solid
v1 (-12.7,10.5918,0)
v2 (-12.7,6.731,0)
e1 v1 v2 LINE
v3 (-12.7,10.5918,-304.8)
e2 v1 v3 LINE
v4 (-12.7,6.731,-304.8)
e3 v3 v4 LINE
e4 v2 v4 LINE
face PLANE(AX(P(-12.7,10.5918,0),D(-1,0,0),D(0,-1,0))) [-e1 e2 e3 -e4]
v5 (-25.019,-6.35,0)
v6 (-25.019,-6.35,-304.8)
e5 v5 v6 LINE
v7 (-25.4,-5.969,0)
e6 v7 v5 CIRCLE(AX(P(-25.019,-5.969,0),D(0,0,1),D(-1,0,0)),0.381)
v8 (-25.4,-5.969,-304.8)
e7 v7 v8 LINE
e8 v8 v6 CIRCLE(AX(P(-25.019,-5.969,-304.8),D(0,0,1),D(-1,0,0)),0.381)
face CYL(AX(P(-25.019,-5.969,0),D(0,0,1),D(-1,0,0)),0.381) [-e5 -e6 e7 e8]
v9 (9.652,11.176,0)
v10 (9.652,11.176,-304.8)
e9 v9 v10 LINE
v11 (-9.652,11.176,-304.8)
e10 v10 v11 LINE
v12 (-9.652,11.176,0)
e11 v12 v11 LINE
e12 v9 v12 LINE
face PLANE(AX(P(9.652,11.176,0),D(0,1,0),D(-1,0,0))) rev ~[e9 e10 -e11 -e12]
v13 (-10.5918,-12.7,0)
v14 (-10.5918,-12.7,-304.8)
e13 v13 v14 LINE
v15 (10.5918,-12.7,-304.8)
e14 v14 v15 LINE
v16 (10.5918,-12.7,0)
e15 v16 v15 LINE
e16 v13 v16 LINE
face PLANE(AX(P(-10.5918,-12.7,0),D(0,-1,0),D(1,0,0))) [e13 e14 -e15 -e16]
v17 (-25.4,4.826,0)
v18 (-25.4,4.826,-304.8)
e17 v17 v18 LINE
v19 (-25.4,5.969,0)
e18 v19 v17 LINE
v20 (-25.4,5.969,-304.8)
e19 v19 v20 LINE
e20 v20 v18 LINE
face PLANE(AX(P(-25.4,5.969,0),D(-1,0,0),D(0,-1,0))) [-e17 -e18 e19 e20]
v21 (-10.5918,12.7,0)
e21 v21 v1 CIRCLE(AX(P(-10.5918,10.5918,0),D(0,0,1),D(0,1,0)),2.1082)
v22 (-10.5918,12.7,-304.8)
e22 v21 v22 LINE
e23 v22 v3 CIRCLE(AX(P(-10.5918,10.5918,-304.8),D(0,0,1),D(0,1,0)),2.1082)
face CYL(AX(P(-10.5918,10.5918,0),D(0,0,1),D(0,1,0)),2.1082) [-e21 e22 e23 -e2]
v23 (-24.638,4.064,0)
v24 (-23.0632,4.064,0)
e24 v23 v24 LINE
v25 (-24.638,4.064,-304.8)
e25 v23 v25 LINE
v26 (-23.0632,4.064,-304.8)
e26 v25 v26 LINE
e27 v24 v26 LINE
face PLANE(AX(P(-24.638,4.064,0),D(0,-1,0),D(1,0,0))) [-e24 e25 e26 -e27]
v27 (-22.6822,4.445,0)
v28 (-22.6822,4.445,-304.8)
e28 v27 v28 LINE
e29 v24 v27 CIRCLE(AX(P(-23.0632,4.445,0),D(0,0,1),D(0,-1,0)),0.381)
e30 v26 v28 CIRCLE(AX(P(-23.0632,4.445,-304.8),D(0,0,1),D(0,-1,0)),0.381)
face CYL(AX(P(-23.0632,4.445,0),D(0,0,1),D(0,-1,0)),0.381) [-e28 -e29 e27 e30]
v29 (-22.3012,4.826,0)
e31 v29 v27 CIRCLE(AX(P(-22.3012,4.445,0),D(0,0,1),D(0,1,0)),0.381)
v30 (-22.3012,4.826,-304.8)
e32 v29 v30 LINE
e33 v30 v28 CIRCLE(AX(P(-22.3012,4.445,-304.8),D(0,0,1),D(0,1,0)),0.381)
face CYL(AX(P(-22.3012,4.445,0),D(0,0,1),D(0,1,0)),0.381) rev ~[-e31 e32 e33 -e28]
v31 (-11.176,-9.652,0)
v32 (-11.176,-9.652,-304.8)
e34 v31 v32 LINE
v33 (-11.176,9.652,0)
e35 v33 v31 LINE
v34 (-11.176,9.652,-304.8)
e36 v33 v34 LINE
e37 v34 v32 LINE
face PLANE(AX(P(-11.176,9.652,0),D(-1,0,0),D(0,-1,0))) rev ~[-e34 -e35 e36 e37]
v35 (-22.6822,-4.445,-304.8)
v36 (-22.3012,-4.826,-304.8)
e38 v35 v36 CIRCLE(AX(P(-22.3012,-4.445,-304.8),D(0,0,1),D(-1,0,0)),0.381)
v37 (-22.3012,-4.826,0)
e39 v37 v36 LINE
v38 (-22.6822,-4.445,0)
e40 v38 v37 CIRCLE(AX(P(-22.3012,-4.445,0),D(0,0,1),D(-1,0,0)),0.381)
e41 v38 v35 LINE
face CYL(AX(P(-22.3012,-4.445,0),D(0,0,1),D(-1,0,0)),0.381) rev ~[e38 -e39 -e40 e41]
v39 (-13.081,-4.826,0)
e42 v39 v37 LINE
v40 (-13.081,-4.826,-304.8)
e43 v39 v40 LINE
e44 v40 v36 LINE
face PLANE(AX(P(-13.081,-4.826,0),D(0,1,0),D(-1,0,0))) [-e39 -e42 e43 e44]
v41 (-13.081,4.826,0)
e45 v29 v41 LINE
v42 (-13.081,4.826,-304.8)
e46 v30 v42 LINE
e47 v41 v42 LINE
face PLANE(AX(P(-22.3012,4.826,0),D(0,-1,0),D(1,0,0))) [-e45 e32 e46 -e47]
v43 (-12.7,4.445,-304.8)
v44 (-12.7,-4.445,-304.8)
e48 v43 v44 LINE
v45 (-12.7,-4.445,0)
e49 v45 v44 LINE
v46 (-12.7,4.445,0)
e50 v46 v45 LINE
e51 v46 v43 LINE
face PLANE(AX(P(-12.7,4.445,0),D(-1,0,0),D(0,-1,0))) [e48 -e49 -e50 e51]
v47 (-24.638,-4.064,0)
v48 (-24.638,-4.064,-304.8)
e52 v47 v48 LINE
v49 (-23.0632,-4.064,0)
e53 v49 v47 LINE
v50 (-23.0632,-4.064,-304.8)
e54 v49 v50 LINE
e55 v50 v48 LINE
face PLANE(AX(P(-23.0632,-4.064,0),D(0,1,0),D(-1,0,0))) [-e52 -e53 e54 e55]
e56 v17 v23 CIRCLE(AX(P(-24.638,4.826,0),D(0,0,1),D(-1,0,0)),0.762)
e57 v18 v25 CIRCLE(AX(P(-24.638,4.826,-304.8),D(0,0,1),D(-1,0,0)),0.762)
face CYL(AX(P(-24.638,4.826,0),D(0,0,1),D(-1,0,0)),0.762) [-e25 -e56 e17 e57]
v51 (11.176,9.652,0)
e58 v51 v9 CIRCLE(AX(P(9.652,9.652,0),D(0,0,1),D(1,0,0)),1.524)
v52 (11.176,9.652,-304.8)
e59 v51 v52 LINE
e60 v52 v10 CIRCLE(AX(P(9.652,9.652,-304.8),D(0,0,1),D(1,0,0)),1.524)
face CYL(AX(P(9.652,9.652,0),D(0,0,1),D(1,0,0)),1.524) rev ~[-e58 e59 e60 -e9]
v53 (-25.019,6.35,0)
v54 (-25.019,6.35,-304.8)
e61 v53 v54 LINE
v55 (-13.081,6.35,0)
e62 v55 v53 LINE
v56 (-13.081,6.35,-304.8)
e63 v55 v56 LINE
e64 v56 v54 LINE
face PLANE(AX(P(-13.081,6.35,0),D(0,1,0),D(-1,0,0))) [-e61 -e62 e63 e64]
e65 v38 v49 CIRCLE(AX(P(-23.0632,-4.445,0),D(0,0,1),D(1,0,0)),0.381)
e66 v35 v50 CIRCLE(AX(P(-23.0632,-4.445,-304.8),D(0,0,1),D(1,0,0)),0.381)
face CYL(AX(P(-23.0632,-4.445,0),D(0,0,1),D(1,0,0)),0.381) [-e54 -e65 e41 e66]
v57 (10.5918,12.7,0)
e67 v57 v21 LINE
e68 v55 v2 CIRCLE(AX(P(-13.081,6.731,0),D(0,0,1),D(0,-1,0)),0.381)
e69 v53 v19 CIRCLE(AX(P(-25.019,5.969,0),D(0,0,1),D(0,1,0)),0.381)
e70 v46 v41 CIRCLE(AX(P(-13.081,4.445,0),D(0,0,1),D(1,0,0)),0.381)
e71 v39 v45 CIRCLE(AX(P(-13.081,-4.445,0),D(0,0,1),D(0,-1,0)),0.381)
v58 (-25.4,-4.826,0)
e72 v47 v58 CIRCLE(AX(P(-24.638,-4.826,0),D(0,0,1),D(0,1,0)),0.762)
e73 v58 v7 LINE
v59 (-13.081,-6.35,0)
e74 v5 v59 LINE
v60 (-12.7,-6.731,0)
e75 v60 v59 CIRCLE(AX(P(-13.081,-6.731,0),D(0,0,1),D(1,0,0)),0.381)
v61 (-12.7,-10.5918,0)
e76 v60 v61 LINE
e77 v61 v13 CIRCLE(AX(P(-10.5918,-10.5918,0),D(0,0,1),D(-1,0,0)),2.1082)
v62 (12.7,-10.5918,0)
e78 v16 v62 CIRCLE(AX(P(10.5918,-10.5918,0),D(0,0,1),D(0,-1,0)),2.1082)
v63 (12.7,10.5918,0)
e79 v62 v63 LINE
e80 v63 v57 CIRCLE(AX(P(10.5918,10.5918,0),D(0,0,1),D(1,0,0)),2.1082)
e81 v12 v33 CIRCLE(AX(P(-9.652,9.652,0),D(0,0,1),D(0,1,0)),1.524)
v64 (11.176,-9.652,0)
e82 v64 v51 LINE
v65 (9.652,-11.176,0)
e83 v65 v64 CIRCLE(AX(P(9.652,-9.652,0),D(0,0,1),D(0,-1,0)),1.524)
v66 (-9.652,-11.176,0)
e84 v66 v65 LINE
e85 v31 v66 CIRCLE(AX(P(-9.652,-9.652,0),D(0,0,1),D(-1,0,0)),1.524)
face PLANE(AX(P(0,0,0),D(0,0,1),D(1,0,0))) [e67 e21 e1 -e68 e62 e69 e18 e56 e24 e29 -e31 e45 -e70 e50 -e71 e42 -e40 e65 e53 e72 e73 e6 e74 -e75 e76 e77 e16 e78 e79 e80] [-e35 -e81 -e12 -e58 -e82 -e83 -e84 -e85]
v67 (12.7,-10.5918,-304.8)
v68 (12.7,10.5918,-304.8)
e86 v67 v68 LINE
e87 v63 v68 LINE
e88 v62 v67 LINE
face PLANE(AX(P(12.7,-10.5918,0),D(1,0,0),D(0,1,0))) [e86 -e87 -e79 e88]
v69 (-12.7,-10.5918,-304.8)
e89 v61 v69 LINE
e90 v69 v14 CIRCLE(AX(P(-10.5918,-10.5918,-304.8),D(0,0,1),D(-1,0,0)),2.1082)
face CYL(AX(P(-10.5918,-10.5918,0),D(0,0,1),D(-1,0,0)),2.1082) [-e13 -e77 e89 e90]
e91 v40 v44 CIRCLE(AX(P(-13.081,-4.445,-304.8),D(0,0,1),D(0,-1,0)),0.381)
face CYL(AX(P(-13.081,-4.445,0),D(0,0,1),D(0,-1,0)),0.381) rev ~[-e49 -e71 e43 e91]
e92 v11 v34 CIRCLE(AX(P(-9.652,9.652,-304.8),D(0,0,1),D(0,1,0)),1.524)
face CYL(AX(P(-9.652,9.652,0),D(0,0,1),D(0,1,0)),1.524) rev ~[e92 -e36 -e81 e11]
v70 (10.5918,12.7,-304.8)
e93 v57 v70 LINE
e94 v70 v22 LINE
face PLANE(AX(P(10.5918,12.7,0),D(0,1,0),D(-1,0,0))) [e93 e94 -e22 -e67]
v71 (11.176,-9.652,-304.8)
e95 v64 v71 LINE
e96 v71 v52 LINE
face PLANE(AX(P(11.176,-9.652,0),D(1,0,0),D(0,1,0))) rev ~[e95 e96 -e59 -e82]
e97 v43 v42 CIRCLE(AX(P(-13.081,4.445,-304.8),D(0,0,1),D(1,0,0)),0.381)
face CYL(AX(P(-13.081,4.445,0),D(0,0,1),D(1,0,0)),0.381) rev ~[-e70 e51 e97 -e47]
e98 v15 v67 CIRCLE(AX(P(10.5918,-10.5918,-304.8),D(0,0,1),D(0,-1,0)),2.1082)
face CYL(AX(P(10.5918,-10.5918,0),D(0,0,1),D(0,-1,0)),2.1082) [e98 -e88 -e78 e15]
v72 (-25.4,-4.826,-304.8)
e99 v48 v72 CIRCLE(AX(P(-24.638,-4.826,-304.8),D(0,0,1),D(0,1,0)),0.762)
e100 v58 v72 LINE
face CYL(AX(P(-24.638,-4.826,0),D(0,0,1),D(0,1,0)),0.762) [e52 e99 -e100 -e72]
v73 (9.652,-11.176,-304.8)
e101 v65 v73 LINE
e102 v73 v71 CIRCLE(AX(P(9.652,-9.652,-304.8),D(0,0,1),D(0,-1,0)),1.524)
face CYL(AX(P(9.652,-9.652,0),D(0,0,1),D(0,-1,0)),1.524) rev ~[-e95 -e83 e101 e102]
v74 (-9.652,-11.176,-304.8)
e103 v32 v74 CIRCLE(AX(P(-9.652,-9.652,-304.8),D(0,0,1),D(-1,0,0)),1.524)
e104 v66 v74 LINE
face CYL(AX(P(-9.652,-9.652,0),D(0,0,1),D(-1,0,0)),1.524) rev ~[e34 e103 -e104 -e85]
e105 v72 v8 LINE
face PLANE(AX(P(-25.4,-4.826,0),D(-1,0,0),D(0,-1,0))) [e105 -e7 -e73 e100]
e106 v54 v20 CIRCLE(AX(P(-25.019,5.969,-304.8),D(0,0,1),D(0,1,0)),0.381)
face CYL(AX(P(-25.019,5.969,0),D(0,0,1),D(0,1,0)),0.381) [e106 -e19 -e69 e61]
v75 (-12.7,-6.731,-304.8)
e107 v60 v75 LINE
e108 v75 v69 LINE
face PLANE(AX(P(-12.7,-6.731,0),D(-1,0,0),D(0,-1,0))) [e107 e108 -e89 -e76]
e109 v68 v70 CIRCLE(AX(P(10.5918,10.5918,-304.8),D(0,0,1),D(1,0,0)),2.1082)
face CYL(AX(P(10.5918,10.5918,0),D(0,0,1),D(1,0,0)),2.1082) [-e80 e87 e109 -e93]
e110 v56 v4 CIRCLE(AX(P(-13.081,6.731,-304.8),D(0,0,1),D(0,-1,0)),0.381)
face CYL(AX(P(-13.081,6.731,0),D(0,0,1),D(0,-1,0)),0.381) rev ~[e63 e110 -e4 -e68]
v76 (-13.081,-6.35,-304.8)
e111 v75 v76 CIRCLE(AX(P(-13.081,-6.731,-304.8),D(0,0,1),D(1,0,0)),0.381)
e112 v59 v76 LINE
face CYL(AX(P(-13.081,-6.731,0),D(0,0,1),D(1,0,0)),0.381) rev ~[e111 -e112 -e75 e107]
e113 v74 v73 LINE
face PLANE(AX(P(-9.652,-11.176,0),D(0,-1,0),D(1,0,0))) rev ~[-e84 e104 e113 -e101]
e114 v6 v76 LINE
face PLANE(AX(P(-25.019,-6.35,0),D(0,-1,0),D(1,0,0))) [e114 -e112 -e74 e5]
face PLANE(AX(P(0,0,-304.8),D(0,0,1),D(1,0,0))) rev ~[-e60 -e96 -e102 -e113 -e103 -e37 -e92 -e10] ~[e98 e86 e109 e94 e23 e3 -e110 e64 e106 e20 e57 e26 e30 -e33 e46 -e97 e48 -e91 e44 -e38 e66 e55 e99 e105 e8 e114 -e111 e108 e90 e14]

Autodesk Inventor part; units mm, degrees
ref_plane "YZ Plane" through (0, 0, 0) normal (1, 0, 0) x (0, 1, 0)
ref_plane "XZ Plane" through (0, 0, 0) normal (0, 1, 0) x (-1, 0, 0)
ref_plane "XY Plane" through (0, 0, 0) normal (0, 0, 1) x (1, 0, 0)
sketch "Sketch1" plane through (0, 0, 0) normal (0, 0, 1) x (1, 0, 0)
  arc A0 (-11.176, -9.652) -> (-9.652, -11.176) centre (-9.652, -9.652) ccw
  line L0 (-11.176, 9.652) -> (-11.176, -9.652)
  arc A1 (-9.652, 11.176) -> (-11.176, 9.652) centre (-9.652, 9.652) ccw
  line L1 (9.652, 11.176) -> (-9.652, 11.176)
  arc A2 (11.176, 9.652) -> (9.652, 11.176) centre (9.652, 9.652) ccw
  line L2 (11.176, -9.652) -> (11.176, 9.652)
  arc A3 (9.652, -11.176) -> (11.176, -9.652) centre (9.652, -9.652) ccw
  line L3 (-9.652, -11.176) -> (9.652, -11.176)
  arc A4 (12.7, 10.5918) -> (10.5918, 12.7) centre (10.5918, 10.5918) ccw
  line L4 (10.5918, 12.7) -> (-10.5918, 12.7)
  arc A5 (-10.5918, 12.7) -> (-12.7, 10.5918) centre (-10.5918, 10.5918) ccw
  line L5 (-12.7, 10.5918) -> (-12.7, 6.731)
  arc A6 (-13.081, 6.35) -> (-12.7, 6.731) centre (-13.081, 6.731) ccw
  line L6 (-13.081, 6.35) -> (-25.019, 6.35)
  arc A7 (-25.019, 6.35) -> (-25.4, 5.969) centre (-25.019, 5.969) ccw
  line L7 (-25.4, 5.969) -> (-25.4, 4.826)
  arc A8 (-25.4, 4.826) -> (-24.638, 4.064) centre (-24.638, 4.826) ccw
  line L8 (-24.638, 4.064) -> (-23.0632, 4.064)
  arc A9 (-23.0632, 4.064) -> (-22.6822, 4.445) centre (-23.0632, 4.445) ccw
  arc A10 (-22.3012, 4.826) -> (-22.6822, 4.445) centre (-22.3012, 4.445) ccw
  line L9 (-22.3012, 4.826) -> (-13.081, 4.826)
  arc A11 (-12.7, 4.445) -> (-13.081, 4.826) centre (-13.081, 4.445) ccw
  line L10 (-12.7, 4.445) -> (-12.7, -4.445)
  arc A12 (-13.081, -4.826) -> (-12.7, -4.445) centre (-13.081, -4.445) ccw
  line L11 (-13.081, -4.826) -> (-22.3012, -4.826)
  arc A13 (-22.6822, -4.445) -> (-22.3012, -4.826) centre (-22.3012, -4.445) ccw
  arc A14 (-22.6822, -4.445) -> (-23.0632, -4.064) centre (-23.0632, -4.445) ccw
  line L12 (-23.0632, -4.064) -> (-24.638, -4.064)
  arc A15 (-24.638, -4.064) -> (-25.4, -4.826) centre (-24.638, -4.826) ccw
  line L13 (-25.4, -4.826) -> (-25.4, -5.969)
  arc A16 (-25.4, -5.969) -> (-25.019, -6.35) centre (-25.019, -5.969) ccw
  line L14 (-25.019, -6.35) -> (-13.081, -6.35)
  arc A17 (-12.7, -6.731) -> (-13.081, -6.35) centre (-13.081, -6.731) ccw
  line L15 (-12.7, -6.731) -> (-12.7, -10.5918)
  arc A18 (-12.7, -10.5918) -> (-10.5918, -12.7) centre (-10.5918, -10.5918) ccw
  line L16 (-10.5918, -12.7) -> (10.5918, -12.7)
  arc A19 (10.5918, -12.7) -> (12.7, -10.5918) centre (10.5918, -10.5918) ccw
  line L17 (12.7, -10.5918) -> (12.7, 10.5918)
  point P0 (0, 0)
extrude "Extrusion1" add sketch "Sketch1" against normal blind 304.8
properties part number "9025"
